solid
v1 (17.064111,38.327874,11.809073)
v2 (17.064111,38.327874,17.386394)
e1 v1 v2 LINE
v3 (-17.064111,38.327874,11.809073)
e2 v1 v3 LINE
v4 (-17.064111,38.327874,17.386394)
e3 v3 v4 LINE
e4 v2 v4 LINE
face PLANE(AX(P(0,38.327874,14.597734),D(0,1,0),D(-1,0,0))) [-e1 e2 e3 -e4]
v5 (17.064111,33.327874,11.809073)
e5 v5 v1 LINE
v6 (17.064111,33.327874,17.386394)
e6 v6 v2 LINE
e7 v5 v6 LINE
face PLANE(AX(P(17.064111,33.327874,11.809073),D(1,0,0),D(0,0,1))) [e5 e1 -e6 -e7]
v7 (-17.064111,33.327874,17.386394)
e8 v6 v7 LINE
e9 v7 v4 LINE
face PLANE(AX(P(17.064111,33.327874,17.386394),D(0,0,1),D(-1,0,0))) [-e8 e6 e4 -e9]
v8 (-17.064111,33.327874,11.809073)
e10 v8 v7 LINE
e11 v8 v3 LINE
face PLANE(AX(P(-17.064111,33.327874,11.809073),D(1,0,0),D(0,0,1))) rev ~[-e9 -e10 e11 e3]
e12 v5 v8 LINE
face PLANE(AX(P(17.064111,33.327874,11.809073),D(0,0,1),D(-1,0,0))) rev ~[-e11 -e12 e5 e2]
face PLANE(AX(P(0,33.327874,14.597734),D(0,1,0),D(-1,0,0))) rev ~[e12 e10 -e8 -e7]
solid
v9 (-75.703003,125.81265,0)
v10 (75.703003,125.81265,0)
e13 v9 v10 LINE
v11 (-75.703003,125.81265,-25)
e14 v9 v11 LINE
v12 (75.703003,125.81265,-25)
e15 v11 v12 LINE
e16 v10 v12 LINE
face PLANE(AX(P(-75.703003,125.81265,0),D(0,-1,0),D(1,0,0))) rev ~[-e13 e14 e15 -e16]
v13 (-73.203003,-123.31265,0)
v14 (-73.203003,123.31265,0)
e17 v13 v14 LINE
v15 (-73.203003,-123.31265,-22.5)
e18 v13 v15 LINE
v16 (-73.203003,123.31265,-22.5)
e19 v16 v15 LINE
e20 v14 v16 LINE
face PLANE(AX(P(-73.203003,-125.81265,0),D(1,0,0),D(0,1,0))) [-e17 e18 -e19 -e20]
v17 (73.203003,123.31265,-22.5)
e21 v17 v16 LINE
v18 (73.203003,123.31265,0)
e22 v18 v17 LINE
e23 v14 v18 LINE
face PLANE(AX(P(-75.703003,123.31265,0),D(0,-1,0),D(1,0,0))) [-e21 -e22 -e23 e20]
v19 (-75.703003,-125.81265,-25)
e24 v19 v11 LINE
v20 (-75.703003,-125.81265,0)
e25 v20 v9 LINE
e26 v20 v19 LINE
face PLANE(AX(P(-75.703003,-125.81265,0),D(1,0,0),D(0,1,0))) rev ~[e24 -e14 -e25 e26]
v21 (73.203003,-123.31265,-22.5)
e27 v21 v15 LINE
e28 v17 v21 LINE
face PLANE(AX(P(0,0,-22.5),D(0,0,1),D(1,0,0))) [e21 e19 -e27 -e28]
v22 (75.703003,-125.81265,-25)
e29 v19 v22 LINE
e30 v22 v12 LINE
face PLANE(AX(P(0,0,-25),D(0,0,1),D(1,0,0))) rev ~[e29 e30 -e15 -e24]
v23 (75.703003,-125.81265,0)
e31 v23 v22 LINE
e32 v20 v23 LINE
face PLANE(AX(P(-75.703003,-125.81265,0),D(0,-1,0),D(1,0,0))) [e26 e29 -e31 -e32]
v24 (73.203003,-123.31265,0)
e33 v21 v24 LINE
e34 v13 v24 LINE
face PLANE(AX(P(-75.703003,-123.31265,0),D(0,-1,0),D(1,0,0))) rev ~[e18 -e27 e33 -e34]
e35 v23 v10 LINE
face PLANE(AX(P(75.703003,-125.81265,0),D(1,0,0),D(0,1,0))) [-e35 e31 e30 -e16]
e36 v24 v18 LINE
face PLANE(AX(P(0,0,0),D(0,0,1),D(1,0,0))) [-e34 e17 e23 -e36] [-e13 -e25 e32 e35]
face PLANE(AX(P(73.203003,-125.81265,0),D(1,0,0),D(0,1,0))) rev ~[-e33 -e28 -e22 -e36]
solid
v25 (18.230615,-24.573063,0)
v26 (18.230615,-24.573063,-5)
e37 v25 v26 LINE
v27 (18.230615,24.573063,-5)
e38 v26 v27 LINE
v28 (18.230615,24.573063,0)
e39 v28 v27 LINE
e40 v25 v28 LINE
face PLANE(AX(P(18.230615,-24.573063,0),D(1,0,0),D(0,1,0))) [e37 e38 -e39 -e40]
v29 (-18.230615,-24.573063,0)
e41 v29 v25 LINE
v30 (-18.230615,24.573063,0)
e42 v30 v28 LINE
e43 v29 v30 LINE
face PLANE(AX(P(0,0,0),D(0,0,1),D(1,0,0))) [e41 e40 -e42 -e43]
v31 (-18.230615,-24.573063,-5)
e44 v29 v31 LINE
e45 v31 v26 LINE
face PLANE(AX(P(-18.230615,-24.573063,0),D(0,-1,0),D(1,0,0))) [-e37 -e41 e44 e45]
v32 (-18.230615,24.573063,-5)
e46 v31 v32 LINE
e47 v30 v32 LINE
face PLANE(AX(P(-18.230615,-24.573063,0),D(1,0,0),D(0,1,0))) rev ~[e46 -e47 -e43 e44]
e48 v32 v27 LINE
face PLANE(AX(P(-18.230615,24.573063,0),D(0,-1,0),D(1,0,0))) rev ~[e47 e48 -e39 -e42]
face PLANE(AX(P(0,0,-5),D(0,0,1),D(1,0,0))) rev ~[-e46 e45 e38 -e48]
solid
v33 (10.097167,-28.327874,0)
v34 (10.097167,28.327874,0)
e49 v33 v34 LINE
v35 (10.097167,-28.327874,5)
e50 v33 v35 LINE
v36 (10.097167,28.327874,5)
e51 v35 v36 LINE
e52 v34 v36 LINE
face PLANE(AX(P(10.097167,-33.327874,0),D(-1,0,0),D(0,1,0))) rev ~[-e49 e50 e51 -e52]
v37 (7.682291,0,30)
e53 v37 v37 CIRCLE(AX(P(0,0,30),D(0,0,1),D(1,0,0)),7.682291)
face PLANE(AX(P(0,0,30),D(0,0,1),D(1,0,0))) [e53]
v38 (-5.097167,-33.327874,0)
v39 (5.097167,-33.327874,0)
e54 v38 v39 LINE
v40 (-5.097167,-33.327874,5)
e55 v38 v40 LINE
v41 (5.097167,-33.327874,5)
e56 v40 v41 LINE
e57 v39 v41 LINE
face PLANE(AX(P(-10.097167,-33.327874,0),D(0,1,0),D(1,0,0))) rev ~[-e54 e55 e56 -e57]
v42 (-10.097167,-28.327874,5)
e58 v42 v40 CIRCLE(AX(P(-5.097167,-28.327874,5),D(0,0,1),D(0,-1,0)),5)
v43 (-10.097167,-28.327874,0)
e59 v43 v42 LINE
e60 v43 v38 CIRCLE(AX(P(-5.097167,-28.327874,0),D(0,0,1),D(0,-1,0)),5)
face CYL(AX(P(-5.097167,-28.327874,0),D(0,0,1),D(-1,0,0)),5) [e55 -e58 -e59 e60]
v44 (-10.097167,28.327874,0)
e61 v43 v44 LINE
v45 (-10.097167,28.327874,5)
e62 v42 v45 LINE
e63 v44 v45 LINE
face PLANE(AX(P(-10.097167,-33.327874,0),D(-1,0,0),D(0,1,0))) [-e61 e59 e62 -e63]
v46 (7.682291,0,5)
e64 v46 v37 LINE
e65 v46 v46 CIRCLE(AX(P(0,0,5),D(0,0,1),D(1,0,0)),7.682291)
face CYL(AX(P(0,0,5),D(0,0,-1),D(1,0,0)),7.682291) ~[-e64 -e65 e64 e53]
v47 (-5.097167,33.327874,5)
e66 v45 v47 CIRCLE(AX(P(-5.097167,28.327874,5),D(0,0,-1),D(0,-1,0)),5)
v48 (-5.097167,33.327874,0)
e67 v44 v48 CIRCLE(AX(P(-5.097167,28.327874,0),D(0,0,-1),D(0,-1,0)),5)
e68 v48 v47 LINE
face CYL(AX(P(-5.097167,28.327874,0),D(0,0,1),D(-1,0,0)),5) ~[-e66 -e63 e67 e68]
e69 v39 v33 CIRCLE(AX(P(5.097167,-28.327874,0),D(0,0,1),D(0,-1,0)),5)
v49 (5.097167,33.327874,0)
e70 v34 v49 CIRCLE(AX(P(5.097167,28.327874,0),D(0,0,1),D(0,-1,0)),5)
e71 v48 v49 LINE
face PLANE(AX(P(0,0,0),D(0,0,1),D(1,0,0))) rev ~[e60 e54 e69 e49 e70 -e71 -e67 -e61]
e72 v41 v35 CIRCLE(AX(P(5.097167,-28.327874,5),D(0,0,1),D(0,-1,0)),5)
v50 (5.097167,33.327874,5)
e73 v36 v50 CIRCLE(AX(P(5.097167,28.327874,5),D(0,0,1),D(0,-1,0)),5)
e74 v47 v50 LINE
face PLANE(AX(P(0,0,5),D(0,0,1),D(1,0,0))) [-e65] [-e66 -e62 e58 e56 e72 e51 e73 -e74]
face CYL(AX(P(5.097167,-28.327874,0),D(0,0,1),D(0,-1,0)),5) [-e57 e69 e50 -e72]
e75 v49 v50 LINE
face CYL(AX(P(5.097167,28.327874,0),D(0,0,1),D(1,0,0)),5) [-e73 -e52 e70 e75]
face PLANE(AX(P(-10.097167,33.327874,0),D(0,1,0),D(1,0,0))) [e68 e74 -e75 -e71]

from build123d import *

# Parameters (mm, degrees)
F0_W      = 36.4612303674
F0_H      = 49.1461269557
F1_DEPTH  = 5
F2_W      = 20.1943330467
F2_H      = 66.6557475924
F3_DEPTH  = 5
F4_R      = 5
F5_R      = 7.6822914086
F6_DEPTH  = 25
F7_W      = 34.1282226145
F7_H      = 5.577320233
F8_DEPTH  = 5
F9_W      = 151.4060050249
F9_H      = 251.6252994537
F10_DEPTH = 25
F11_T     = -2.5


with BuildPart() as f1:
    # F0 (on Top) → F1 (new body)
    with BuildSketch(Plane.XY):
        Rectangle(F0_W, F0_H)
    extrude(amount=-F1_DEPTH)


with BuildPart() as f3:
    # F2 (on face) → F3 (new body)
    with BuildSketch(Plane.XY):
        Rectangle(F2_W, F2_H)
    extrude(amount=F3_DEPTH)

    # F4
    f4_edges = [f3.edges().sort_by_distance(p)[0] for p in [
        (-10.097167, -33.327874, 2.5),
        (10.097167, -33.327874, 2.5),
        (10.097167, 33.327874, 2.5),
        (-10.097167, 33.327874, 2.5),
    ]]
    fillet(f4_edges, radius=F4_R)

    # F5 (on face) → F6 (join)
    with BuildSketch(Plane.XY.offset(5)):
        Circle(F5_R)
    extrude(amount=F6_DEPTH)


with BuildPart() as f8:
    # F7 (on face) → F8 (new body)
    with BuildSketch(Plane(origin=(0, 33.3278737962, 0), x_dir=(-1, 0, 0), z_dir=(0, 1, 0))):
        with Locations((0, 14.5977335051)):
            Rectangle(F7_W, F7_H)
    extrude(amount=F8_DEPTH)


with BuildPart() as f10:
    # F9 (on Top) → F10 (new body)
    with BuildSketch(Plane.XY):
        Rectangle(F9_W, F9_H)
    extrude(amount=-F10_DEPTH)

    # F11
    f11_openings = [f10.faces().sort_by_distance(p)[0] for p in [
        (0, 0, 0),
    ]]
    offset(amount=F11_T, openings=f11_openings)


solid = Compound([f1.part, f3.part, f8.part, f10.part])
